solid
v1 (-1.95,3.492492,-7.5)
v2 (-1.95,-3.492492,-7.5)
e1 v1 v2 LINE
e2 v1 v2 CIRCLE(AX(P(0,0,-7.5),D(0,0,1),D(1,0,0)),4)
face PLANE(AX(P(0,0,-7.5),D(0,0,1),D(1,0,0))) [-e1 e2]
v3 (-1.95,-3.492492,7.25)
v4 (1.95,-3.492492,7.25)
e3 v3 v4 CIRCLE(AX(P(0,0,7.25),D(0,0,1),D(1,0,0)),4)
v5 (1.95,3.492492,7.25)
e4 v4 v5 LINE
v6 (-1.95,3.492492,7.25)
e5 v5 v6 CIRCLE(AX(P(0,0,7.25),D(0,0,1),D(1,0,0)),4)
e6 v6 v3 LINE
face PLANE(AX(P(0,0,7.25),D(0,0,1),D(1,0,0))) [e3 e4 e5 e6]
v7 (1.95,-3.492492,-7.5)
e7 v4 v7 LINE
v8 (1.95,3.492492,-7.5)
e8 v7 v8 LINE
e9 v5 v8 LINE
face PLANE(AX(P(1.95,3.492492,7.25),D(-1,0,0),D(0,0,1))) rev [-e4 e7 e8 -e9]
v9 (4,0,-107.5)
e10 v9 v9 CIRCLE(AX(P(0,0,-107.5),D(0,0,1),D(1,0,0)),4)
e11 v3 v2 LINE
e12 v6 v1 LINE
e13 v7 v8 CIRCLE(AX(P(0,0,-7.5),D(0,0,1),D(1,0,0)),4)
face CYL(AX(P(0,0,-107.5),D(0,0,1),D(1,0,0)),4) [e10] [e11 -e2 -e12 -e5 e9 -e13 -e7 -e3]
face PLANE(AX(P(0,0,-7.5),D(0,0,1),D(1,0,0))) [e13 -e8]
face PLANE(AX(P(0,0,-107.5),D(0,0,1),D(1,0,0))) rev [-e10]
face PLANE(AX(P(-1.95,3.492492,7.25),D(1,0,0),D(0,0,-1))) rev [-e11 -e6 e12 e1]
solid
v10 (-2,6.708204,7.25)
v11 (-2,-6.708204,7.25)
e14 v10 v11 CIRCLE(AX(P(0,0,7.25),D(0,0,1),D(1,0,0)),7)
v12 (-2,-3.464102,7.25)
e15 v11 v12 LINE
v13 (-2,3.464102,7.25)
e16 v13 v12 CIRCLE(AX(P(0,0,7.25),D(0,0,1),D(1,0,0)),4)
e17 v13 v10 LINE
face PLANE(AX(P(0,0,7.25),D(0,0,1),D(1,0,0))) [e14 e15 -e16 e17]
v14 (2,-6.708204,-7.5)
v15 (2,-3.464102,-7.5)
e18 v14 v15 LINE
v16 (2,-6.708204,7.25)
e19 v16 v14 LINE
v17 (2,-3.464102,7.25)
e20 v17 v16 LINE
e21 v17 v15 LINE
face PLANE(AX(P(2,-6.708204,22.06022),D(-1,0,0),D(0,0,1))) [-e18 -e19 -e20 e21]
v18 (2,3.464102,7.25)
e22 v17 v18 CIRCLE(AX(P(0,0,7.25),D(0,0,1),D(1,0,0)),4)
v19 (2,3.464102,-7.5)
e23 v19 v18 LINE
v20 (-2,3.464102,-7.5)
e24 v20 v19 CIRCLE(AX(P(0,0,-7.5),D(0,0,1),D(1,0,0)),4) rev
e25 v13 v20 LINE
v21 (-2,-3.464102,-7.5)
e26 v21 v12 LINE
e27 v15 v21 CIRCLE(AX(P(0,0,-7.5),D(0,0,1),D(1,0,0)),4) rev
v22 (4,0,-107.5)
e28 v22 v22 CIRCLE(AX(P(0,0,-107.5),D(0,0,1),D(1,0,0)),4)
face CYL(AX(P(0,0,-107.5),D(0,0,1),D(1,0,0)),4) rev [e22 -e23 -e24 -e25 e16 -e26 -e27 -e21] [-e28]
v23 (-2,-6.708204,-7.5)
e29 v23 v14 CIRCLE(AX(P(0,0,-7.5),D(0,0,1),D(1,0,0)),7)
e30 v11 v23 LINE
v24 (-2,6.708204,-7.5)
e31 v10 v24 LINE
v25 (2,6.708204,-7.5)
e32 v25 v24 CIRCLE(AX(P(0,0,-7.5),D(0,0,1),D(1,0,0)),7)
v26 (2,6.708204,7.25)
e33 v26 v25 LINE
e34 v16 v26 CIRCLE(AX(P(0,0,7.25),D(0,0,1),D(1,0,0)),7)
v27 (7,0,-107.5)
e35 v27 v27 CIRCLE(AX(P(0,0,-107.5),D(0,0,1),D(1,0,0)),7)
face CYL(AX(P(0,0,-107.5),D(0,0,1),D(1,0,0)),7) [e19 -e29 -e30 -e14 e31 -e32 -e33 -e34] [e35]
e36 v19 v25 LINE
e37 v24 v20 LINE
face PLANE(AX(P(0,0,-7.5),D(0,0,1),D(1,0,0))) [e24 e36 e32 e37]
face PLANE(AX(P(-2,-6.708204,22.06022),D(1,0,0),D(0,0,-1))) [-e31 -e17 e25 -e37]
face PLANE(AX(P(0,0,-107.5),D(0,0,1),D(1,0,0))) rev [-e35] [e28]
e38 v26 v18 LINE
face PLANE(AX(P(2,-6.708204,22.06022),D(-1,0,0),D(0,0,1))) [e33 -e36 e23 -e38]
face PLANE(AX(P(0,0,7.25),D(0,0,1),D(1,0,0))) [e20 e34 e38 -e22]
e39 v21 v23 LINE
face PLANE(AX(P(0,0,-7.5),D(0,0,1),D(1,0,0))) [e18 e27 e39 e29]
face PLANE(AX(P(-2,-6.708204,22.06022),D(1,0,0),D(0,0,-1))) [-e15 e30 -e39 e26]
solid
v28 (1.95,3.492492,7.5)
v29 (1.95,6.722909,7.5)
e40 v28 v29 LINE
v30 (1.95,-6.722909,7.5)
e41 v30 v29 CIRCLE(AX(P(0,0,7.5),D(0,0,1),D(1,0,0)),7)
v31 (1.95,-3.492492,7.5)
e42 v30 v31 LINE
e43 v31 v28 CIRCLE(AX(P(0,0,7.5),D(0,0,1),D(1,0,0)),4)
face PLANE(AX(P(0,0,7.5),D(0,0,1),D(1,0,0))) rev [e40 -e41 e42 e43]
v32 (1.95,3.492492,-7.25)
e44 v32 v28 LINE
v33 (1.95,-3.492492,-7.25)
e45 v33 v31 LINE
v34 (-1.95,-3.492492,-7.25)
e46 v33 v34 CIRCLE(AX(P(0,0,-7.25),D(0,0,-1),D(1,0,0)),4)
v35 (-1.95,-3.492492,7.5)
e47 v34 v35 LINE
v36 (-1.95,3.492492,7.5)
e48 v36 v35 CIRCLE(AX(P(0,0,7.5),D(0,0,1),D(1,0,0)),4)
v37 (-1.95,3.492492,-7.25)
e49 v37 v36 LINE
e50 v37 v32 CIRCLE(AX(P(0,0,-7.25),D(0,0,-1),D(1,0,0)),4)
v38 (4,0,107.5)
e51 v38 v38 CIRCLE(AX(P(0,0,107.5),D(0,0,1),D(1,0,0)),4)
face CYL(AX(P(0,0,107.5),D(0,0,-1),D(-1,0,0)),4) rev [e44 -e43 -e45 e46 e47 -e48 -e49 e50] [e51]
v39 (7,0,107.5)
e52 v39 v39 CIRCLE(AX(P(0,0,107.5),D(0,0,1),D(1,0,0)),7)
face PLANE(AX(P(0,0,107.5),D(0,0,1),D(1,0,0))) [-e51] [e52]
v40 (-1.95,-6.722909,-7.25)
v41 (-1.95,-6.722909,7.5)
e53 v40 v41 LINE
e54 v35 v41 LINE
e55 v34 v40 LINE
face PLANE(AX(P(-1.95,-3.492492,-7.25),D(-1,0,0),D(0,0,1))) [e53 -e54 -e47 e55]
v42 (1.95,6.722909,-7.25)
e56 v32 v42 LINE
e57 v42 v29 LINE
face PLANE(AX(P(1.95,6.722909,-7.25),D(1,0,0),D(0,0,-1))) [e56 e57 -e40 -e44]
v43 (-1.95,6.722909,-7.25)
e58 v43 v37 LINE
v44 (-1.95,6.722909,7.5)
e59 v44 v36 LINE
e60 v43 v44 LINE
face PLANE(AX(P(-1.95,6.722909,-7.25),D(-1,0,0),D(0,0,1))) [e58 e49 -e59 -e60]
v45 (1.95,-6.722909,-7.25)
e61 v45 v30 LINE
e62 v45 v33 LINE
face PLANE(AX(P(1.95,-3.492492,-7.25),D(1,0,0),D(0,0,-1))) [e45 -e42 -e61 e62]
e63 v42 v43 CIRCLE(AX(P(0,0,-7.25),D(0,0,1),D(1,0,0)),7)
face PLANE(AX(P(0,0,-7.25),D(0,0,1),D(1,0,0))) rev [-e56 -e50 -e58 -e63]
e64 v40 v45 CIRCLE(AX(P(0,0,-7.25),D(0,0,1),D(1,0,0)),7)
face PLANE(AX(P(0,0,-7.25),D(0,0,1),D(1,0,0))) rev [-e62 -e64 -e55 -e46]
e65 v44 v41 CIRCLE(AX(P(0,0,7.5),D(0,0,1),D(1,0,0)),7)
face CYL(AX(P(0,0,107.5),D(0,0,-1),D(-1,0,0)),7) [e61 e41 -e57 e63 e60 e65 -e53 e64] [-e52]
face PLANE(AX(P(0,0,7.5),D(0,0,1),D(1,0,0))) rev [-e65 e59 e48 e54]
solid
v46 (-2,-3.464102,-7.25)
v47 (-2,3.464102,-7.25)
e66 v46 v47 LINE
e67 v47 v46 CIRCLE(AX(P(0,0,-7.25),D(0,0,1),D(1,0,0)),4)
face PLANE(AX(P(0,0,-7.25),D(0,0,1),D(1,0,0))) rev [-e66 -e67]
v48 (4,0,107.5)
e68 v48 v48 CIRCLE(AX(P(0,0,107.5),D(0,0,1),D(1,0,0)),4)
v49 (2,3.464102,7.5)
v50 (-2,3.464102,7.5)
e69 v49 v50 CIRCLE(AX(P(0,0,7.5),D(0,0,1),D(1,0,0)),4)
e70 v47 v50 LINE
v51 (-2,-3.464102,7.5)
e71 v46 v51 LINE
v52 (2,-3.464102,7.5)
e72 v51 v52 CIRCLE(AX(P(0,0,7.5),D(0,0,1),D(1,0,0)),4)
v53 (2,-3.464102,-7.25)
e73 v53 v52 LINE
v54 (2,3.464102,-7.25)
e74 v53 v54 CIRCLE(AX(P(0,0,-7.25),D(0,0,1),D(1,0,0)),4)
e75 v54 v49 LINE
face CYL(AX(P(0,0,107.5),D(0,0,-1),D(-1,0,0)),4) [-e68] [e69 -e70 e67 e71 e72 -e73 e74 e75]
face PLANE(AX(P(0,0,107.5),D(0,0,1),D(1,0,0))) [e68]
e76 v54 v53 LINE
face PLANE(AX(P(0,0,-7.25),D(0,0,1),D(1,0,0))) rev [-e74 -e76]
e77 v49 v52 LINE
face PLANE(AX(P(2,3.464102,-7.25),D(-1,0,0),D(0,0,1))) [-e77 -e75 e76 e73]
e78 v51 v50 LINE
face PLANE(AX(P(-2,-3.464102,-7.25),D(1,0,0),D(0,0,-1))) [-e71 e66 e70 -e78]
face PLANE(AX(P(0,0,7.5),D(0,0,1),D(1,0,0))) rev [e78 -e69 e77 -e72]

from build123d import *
from build123d.topology import SkipClean

# Parameters (mm, degrees)
SKETCH1_R           = 7
SKETCH1_R_2         = 4
BOSS_EXTRUDE1_DEPTH = 100
SKETCH2_R           = 7
SKETCH2_R_2         = 4
BOSS_EXTRUDE2_DEPTH = 100
BOSS_EXTRUDE3_START = 14.75
SKETCH3_R           = 7
SKETCH3_R_2         = 4
BOSS_EXTRUDE3_DEPTH = 14.75
CUT_EXTRUDE1_START  = 15
CUT_EXTRUDE1_DEPTH  = 15
BOSS_EXTRUDE4_DEPTH = 14.75
SKETCH6_R           = 4
BOSS_EXTRUDE5_DEPTH = 100
SKETCH7_R           = 4
BOSS_EXTRUDE6_DEPTH = 100
BOSS_EXTRUDE7_DEPTH = 14.75
BOSS_EXTRUDE8_START = 14.75
BOSS_EXTRUDE8_DEPTH = 14.75


with BuildPart() as part:
    # Sketch1 → Boss-Extrude1 (new body)
    with BuildSketch(Plane.XY.offset(-7.5)):
        Circle(SKETCH1_R)
        Circle(SKETCH1_R_2, mode=Mode.SUBTRACT)
    extrude(amount=-BOSS_EXTRUDE1_DEPTH)

    # Sketch3 → Boss-Extrude3 (add)
    with BuildSketch(Plane.XY.offset(-7.5).offset(BOSS_EXTRUDE3_START)):
        Circle(SKETCH3_R)
        Circle(SKETCH3_R_2, mode=Mode.SUBTRACT)
    extrude(amount=-BOSS_EXTRUDE3_DEPTH)

    # Sketch4 → Cut-Extrude1 (cut)
    with BuildSketch(Plane.XY.offset(-7.5).offset(CUT_EXTRUDE1_START)):
        with BuildLine():
            Line((-2, -6.708203932), (-2, 6.708203932))
            ThreePointArc((-2, 6.708203932), (0, 7), (2, 6.708203932))
            Line((2, 6.708203932), (2, -6.708203932))
            ThreePointArc((2, -6.708203932), (0, -7), (-2, -6.708203932))
        make_face()
    extrude(amount=-CUT_EXTRUDE1_DEPTH, mode=Mode.SUBTRACT)


with BuildPart() as body_2:
    # Sketch2 → Boss-Extrude2 (new body)
    with BuildSketch(Plane.XY.offset(7.5)):
        Circle(SKETCH2_R)
        Circle(SKETCH2_R_2, mode=Mode.SUBTRACT)
    extrude(amount=BOSS_EXTRUDE2_DEPTH)

    # Sketch5 → Boss-Extrude4 (add)
    with BuildSketch(Plane.XY.offset(7.5)):
        with BuildLine():
            Line((1.95, 6.722908597), (1.95, 3.492491947))
            ThreePointArc((1.95, 3.492491947), (0, 4), (-1.95, 3.492491947))
            Line((-1.95, 3.492491947), (-1.95, 6.722908597))
            ThreePointArc((-1.95, 6.722908597), (0, 7), (1.95, 6.722908597))
        make_face()
        with BuildLine():
            Line((1.95, -3.492491947), (1.95, -6.722908597))
            ThreePointArc((1.95, -6.722908597), (0, -7), (-1.95, -6.722908597))
            Line((-1.95, -6.722908597), (-1.95, -3.492491947))
            ThreePointArc((-1.95, -3.492491947), (0, -4), (1.95, -3.492491947))
        make_face()
    extrude(amount=-BOSS_EXTRUDE4_DEPTH)


with BuildPart() as body_3:
    # Sketch6 → Boss-Extrude5 (new body)
    with BuildSketch(Plane.XY.offset(-7.5)):
        Circle(SKETCH6_R)
    extrude(amount=-BOSS_EXTRUDE5_DEPTH)

    # Sketch9 → Boss-Extrude8 (add)
    with BuildSketch(Plane.XY.offset(-7.5).offset(BOSS_EXTRUDE8_START)):
        with BuildLine():
            Line((-1.95, 3.492491947), (-1.95, -3.492491947))
            ThreePointArc((-1.95, -3.492491947), (0, -4), (1.95, -3.492491947))
            Line((1.95, -3.492491947), (1.95, 3.492491947))
            ThreePointArc((1.95, 3.492491947), (0, 4), (-1.95, 3.492491947))
        make_face()
    extrude(amount=-BOSS_EXTRUDE8_DEPTH)


with BuildPart() as body_4:
    # Sketch7 → Boss-Extrude6 (new body)
    with BuildSketch(Plane.XY.offset(7.5)):
        Circle(SKETCH7_R)
    extrude(amount=BOSS_EXTRUDE6_DEPTH)

    # Sketch8 → Boss-Extrude7 (add)
    with SkipClean():  # the faces are left unmerged after this step: merging them gives an invalid solid
        with BuildSketch(Plane.XY.offset(7.5)):
            with BuildLine():
                Line((2, 3.464101615), (2, -3.464101615))
                ThreePointArc((2, -3.464101615), (4, 0), (2, 3.464101615))
            make_face()
            with BuildLine():
                Line((-2, -3.464101615), (-2, 3.464101615))
                ThreePointArc((-2, 3.464101615), (-4, 0), (-2, -3.464101615))
            make_face()
        extrude(amount=-BOSS_EXTRUDE7_DEPTH)


solid = Compound([part.part, body_2.part, body_3.part, body_4.part])
